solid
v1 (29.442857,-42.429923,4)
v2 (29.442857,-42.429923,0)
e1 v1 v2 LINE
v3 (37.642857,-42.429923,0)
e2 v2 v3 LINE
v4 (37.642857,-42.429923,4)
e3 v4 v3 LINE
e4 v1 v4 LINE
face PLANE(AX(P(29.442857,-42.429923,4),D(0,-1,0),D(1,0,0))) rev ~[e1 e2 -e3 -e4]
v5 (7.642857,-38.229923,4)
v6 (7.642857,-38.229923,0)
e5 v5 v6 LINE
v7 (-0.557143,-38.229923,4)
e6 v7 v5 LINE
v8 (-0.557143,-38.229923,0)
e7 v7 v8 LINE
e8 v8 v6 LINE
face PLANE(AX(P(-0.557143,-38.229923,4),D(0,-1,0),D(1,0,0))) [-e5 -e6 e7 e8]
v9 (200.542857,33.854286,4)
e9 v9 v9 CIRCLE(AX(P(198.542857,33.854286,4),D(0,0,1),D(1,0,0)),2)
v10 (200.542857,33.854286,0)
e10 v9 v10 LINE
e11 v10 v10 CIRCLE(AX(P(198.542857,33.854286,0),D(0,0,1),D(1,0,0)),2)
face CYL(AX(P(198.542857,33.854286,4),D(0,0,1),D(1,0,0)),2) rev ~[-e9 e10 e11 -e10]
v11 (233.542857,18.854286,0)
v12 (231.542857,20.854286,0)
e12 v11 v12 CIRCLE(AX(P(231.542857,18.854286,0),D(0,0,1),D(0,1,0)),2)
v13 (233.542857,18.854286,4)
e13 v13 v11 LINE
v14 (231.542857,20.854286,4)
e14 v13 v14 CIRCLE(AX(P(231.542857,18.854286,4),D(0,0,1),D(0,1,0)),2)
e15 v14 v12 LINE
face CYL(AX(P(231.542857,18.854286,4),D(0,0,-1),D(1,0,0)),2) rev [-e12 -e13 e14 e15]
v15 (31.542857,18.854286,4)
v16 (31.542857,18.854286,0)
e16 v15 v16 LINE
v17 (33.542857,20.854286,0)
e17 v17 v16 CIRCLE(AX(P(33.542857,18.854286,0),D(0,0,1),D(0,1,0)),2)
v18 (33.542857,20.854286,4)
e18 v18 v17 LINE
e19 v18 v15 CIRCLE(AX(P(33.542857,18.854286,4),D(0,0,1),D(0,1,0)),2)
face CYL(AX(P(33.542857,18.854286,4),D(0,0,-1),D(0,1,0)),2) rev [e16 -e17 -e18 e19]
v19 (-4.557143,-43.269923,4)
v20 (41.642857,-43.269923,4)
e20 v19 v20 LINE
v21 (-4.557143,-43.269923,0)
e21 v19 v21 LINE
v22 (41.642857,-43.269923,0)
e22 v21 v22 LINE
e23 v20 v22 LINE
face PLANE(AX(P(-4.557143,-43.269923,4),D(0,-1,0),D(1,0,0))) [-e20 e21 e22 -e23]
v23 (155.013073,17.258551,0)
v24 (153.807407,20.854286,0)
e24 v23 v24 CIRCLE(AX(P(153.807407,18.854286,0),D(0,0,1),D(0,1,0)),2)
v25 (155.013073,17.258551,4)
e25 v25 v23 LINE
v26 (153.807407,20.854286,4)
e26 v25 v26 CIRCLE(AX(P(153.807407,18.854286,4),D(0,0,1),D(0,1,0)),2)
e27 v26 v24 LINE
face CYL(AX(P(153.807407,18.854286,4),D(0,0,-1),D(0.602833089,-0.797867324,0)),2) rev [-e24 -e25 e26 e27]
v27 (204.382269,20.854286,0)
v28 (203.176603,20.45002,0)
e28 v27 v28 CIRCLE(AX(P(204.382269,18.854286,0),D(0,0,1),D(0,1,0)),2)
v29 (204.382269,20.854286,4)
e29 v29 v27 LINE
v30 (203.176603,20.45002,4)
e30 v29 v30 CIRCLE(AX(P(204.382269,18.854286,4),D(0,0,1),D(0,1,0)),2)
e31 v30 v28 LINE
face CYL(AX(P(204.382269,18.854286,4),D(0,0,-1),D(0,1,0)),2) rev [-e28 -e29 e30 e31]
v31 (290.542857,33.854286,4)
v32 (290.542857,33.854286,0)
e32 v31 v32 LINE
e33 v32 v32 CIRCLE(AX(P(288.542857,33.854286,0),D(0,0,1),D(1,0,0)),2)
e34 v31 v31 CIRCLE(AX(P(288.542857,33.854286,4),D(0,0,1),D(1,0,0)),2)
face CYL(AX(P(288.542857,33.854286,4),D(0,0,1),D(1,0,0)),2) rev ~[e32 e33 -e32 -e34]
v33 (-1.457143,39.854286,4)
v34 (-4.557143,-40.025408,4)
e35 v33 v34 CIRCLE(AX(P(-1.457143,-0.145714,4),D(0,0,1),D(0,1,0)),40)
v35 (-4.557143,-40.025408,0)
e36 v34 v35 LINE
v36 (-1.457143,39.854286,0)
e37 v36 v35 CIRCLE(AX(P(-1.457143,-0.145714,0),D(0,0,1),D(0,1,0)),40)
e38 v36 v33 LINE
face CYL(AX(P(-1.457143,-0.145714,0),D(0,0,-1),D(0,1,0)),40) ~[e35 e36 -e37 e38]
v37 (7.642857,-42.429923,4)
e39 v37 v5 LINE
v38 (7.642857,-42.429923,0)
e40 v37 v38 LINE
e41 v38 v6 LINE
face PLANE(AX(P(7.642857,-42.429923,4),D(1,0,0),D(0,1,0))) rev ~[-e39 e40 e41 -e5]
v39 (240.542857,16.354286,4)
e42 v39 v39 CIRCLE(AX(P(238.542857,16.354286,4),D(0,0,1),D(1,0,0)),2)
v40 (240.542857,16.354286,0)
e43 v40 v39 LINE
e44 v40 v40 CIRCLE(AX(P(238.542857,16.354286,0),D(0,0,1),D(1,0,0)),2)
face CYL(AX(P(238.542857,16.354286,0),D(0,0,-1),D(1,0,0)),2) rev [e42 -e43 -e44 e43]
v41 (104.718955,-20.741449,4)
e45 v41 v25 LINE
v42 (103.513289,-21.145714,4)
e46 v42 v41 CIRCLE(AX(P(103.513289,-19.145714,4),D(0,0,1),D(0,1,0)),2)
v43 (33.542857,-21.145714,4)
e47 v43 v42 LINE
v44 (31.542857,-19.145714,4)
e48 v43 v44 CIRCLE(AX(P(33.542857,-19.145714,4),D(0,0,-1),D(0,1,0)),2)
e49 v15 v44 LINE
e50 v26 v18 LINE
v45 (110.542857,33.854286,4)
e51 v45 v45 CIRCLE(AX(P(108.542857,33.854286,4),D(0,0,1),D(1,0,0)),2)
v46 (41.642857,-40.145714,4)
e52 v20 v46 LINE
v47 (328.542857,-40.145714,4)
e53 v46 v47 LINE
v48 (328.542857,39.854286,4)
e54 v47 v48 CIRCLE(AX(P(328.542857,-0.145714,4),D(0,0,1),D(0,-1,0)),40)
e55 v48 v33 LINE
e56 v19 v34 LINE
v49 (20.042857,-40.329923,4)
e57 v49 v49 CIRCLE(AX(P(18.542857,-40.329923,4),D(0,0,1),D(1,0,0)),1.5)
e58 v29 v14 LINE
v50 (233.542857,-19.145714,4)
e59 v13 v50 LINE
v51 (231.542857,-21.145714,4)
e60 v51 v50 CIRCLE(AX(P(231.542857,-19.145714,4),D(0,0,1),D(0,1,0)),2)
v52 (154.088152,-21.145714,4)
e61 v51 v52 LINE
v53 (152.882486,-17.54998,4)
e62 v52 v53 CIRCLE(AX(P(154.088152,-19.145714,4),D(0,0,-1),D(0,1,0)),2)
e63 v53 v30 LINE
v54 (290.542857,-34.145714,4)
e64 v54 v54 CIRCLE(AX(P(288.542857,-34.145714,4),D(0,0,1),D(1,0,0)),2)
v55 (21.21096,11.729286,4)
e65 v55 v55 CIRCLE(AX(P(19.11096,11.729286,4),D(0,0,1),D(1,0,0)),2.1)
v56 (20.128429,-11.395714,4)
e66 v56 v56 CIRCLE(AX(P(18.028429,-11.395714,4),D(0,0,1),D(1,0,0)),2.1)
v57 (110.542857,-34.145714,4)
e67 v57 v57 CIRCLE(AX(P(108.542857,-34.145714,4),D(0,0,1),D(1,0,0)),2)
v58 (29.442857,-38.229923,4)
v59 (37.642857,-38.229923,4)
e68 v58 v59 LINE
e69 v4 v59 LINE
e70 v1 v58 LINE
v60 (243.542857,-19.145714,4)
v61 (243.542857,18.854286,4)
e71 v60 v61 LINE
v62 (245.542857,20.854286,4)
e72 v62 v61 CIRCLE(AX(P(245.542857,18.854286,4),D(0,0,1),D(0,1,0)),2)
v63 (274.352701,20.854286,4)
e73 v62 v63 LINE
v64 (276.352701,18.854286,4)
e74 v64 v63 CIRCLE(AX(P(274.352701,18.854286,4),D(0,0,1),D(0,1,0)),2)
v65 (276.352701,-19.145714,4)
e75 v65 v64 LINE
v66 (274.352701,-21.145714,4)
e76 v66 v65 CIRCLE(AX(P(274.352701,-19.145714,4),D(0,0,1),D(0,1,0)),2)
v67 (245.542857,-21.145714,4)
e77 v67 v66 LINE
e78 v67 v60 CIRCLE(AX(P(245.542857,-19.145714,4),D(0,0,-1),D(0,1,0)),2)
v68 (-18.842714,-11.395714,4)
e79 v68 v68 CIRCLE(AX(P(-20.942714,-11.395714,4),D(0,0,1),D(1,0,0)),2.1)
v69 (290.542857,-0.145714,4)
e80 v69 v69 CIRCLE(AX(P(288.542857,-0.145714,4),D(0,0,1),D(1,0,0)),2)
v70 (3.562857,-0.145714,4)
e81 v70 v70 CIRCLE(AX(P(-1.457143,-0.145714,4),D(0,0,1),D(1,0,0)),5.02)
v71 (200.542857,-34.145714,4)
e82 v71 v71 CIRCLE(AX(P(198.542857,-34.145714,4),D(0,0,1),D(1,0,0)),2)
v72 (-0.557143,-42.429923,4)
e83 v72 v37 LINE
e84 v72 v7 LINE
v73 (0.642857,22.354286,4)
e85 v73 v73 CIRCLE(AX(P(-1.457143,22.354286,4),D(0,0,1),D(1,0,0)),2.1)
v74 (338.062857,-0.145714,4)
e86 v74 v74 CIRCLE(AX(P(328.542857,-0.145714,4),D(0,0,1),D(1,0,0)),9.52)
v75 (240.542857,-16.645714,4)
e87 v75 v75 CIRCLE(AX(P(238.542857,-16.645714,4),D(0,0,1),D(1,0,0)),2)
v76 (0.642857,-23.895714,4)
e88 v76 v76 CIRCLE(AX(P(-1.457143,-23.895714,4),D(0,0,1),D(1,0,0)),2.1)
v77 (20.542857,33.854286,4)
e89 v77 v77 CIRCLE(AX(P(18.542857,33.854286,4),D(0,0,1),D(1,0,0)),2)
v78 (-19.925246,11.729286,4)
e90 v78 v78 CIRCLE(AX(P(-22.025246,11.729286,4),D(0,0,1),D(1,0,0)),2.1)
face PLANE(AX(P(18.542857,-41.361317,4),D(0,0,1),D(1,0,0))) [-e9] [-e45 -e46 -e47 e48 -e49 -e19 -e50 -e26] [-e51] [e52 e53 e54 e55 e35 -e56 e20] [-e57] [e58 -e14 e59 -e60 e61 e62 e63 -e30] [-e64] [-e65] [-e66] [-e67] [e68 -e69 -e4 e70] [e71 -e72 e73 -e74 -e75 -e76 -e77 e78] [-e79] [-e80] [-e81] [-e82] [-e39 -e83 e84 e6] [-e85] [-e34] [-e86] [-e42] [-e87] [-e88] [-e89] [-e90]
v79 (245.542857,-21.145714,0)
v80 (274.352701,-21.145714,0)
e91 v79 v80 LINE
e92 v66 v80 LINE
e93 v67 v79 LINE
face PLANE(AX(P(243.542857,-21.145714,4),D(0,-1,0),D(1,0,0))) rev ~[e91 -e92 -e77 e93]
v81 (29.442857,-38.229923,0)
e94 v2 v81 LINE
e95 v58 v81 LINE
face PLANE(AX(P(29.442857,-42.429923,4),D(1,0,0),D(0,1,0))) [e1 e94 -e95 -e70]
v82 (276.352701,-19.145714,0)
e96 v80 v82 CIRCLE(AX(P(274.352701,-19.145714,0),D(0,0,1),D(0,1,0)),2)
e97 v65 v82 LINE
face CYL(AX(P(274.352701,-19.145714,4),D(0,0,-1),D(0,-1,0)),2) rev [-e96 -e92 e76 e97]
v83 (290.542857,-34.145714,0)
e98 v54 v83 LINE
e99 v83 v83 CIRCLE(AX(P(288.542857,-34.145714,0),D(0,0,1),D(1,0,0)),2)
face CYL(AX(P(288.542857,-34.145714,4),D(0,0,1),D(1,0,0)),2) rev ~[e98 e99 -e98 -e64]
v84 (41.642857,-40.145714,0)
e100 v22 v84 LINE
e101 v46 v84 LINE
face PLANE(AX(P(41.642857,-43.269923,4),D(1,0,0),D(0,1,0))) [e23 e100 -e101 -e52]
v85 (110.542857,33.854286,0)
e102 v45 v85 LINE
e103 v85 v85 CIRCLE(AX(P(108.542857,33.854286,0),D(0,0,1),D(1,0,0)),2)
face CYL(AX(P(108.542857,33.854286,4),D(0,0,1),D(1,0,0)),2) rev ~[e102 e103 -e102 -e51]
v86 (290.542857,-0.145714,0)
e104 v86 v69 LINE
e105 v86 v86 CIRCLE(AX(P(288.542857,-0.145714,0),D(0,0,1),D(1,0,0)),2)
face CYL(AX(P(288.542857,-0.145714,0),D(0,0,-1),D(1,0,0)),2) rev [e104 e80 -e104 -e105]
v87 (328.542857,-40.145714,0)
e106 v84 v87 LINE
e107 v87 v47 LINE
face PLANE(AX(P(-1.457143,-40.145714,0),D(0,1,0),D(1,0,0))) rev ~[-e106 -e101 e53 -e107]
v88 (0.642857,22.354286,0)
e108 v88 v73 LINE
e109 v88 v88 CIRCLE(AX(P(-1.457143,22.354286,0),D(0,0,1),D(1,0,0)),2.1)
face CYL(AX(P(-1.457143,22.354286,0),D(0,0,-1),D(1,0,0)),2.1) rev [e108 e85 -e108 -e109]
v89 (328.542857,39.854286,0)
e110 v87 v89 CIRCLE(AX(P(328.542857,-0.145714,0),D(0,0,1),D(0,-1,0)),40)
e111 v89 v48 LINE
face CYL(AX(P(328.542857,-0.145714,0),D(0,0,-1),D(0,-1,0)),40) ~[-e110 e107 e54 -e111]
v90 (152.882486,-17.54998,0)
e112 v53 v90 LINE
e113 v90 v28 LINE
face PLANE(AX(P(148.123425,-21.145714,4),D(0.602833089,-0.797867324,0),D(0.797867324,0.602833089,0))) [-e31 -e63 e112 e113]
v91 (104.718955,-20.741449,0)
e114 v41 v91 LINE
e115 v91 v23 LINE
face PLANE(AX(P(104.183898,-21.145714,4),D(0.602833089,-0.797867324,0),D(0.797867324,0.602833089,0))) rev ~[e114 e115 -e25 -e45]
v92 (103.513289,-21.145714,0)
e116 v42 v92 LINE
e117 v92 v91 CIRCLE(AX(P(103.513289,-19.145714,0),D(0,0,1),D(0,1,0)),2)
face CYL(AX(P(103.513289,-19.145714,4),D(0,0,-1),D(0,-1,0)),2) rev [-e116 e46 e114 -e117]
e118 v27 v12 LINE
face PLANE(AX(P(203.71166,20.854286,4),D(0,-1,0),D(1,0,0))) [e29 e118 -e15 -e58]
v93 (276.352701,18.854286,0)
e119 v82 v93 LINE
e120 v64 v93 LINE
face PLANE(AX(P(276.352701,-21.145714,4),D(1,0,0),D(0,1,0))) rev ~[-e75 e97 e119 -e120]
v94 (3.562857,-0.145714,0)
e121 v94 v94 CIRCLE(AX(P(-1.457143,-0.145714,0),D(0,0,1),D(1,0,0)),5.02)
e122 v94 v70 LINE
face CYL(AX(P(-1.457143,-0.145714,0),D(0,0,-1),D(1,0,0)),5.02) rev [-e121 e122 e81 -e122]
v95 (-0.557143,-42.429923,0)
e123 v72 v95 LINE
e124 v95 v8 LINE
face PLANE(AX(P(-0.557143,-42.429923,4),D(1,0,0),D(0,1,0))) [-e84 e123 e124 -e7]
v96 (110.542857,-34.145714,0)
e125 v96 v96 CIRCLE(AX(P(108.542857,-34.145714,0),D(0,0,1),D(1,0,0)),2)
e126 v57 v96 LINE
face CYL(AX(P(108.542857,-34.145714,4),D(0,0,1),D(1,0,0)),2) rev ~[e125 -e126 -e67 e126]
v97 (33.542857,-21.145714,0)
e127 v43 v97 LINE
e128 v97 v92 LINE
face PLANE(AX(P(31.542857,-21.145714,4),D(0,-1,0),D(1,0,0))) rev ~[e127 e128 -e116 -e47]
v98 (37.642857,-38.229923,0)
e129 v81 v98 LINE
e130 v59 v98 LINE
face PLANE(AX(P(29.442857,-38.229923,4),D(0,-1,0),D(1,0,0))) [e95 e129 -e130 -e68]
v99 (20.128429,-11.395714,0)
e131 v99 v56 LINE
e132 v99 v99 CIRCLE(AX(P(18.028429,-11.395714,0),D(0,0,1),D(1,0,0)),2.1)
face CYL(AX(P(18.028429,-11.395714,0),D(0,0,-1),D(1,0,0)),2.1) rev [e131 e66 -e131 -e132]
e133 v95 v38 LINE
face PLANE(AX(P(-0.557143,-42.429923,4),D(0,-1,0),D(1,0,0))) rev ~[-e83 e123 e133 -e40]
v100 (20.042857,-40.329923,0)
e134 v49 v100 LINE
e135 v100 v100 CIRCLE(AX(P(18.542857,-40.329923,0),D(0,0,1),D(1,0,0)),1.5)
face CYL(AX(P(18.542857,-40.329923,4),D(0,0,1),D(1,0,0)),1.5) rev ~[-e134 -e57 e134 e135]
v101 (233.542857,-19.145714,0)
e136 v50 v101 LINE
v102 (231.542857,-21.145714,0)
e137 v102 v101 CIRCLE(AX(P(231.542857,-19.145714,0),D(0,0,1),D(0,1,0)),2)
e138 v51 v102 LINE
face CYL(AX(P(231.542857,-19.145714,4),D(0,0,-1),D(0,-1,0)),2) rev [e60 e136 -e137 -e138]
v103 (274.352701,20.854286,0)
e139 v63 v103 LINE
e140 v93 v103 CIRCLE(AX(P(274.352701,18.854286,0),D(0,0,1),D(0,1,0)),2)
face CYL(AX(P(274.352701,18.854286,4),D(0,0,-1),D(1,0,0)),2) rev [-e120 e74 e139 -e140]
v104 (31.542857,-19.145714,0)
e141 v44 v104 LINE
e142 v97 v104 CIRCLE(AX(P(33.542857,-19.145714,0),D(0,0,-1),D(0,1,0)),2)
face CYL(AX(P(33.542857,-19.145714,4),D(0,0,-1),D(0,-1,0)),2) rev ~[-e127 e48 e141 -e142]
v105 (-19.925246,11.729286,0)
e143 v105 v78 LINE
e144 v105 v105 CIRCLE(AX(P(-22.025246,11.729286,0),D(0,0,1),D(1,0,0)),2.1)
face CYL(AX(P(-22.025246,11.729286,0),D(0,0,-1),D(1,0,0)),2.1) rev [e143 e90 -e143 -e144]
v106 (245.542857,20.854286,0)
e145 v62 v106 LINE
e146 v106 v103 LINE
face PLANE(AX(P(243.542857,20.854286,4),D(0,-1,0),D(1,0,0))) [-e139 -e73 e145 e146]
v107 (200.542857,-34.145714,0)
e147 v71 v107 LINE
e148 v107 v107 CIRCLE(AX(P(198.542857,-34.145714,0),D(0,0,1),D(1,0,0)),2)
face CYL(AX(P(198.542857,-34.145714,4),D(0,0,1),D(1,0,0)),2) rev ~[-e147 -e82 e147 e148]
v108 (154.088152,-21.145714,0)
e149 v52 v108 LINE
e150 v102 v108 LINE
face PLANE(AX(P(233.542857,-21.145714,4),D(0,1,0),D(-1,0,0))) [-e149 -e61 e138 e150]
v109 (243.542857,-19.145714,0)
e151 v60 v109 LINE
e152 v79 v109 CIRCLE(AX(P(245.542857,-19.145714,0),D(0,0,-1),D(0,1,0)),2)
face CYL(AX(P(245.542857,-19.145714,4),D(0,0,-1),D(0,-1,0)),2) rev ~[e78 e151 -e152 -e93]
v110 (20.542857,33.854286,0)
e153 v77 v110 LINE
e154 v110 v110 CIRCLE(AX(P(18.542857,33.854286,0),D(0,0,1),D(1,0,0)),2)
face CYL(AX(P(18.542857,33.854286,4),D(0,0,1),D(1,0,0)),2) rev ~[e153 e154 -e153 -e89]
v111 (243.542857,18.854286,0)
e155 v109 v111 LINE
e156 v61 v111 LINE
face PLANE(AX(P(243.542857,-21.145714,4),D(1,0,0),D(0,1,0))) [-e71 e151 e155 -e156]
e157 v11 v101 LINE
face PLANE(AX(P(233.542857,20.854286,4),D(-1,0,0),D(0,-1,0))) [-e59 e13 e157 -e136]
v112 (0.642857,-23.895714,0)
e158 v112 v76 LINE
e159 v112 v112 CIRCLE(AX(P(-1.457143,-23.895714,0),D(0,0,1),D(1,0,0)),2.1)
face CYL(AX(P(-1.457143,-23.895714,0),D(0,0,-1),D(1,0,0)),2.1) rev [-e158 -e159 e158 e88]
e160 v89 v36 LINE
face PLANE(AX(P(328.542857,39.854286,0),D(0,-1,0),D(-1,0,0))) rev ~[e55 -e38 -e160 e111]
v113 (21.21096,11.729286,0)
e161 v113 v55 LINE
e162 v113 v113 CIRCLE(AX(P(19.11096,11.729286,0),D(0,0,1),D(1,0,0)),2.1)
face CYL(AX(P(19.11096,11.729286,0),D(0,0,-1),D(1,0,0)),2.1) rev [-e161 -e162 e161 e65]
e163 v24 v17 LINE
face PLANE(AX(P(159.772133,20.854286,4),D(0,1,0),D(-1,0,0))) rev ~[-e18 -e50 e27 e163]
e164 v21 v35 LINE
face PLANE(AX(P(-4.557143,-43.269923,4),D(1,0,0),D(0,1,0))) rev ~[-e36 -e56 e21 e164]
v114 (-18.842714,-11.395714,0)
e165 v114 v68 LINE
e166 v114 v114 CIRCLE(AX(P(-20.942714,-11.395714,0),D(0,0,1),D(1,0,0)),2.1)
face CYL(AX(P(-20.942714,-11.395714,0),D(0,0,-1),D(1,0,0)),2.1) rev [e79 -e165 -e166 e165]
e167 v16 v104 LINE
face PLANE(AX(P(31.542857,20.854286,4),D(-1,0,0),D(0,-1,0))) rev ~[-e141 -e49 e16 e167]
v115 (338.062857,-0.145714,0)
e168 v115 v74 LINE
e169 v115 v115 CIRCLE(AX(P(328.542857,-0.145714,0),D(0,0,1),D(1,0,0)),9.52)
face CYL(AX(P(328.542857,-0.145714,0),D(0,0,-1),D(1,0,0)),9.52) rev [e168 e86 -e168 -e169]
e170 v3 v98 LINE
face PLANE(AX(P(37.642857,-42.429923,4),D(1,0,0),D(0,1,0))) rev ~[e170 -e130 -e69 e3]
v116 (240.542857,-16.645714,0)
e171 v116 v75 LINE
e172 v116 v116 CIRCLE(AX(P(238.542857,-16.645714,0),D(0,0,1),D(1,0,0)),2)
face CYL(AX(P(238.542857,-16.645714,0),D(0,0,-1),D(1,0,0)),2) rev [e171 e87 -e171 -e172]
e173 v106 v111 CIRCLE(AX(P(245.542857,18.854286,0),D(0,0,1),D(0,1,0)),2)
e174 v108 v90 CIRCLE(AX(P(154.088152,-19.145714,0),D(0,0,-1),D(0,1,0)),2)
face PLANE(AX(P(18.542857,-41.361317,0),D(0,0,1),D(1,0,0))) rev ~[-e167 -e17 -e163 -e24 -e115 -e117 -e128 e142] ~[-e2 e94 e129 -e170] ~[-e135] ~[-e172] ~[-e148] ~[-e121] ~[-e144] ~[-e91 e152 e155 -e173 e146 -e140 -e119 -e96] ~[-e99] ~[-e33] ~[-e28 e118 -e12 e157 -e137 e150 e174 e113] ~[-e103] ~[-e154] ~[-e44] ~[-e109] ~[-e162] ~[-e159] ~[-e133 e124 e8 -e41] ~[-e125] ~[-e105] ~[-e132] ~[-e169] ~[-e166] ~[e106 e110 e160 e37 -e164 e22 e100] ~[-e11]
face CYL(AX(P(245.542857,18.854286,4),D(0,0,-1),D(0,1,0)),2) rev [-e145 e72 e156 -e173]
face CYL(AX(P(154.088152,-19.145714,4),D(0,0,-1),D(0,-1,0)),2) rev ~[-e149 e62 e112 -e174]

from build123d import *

# Parameters (mm, degrees)
SKETCH_1_R          = 2.1
SKETCH_1_R_2        = 5.02
SKETCH_1_R_3        = 2
SKETCH_1_R_4        = 9.52
EXTRUDE_1_DEPTH     = 4
SKETCH_3_W          = 46.2
SKETCH_3_H          = 3.817212264
EXTRUDE_2_DEPTH     = 4
SKETCH_2_R          = 2
SKETCH_2_R_2        = 1.5
SKETCH_2_W          = 32.809844138
SKETCH_2_H          = 42
SKETCH_2_W_2        = 8.2
SKETCH_2_H_2        = 4.2
CUT_EXTRUDE_1_DEPTH = 4
FILLET_1_R          = 2


with BuildPart() as part:
    # 草图1 → 凸台-拉伸1 (new body)
    with BuildSketch(Plane.XY):
        with BuildLine():
            ThreePointArc((-1.457142857, 39.854285714), (-41.457142857, -0.145714286), (-1.457142857, -40.145714286))
            Line((-1.457142857, -40.145714286), (328.542857143, -40.145714286))
            ThreePointArc((328.542857143, -40.145714286), (368.542857143, -0.145714286), (328.542857143, 39.854285714))
            Line((328.542857143, 39.854285714), (-1.457142857, 39.854285714))
        make_face()
        with Locations((-1.457142857, -23.895714286)):
            Circle(SKETCH_1_R, mode=Mode.SUBTRACT)
        with Locations((-20.942714442, -11.395714286)):
            Circle(SKETCH_1_R, mode=Mode.SUBTRACT)
        with Locations((18.028428728, -11.395714286)):
            Circle(SKETCH_1_R, mode=Mode.SUBTRACT)
        with Locations((-1.457142857, -0.145714286)):
            Circle(SKETCH_1_R_2, mode=Mode.SUBTRACT)
        with Locations((238.542857143, -16.645714286)):
            Circle(SKETCH_1_R_3, mode=Mode.SUBTRACT)
        with Locations((288.542857143, -0.145714286)):
            Circle(SKETCH_1_R_3, mode=Mode.SUBTRACT)
        with Locations((328.542857143, -0.145714286)):
            Circle(SKETCH_1_R_4, mode=Mode.SUBTRACT)
        with Locations((-22.025246197, 11.729285714)):
            Circle(SKETCH_1_R, mode=Mode.SUBTRACT)
        with Locations((19.110960483, 11.729285714)):
            Circle(SKETCH_1_R, mode=Mode.SUBTRACT)
        with Locations((-1.457142857, 22.354285714)):
            Circle(SKETCH_1_R, mode=Mode.SUBTRACT)
        with Locations((238.542857143, 16.354285714)):
            Circle(SKETCH_1_R_3, mode=Mode.SUBTRACT)
    extrude(amount=EXTRUDE_1_DEPTH)

    # 草图3 → 凸台-拉伸2 (add)
    with BuildSketch(Plane.XY.offset(4)):
        with Locations((18.542857143, -41.36131722)):
            Rectangle(SKETCH_3_W, SKETCH_3_H)
    extrude(amount=-EXTRUDE_2_DEPTH)

    # 草图2 → 切除-拉伸1 (cut)
    with BuildSketch(Plane.XY.offset(4)):
        with Locations((18.542857143, 33.854285714)):
            Circle(SKETCH_2_R)
        with Locations((108.542857143, 33.854285714)):
            Circle(SKETCH_2_R)
        with Locations((198.542857143, 33.854285714)):
            Circle(SKETCH_2_R)
        with Locations((288.542857143, 33.854285714)):
            Circle(SKETCH_2_R)
        with Locations((108.542857143, -34.145714286)):
            Circle(SKETCH_2_R)
        with Locations((198.542857143, -34.145714286)):
            Circle(SKETCH_2_R)
        with Locations((288.542857143, -34.145714286)):
            Circle(SKETCH_2_R)
        with Locations((18.542857143, -40.329923352)):
            Circle(SKETCH_2_R_2)
        Polygon((31.542857143, -21.145714286), (104.183898028, -21.145714286), (159.772133322, 20.854285714), (31.542857143, 20.854285714), align=None)
        Polygon((148.123425102, -21.145714286), (203.711660396, 20.854285714), (233.542857143, 20.854285714), (233.542857143, -21.145714286), align=None)
        with Locations((259.947779212, -0.145714286)):
            Rectangle(SKETCH_2_W, SKETCH_2_H)
        with Locations((33.542857143, -40.329923352)):
            Rectangle(SKETCH_2_W_2, SKETCH_2_H_2)
        with Locations((3.542857143, -40.329923352)):
            Rectangle(SKETCH_2_W_2, SKETCH_2_H_2)
    extrude(amount=-CUT_EXTRUDE_1_DEPTH, mode=Mode.SUBTRACT)

    # 圆角1
    fillet_1_edges = [part.edges().sort_by_distance(p)[0] for p in [
        (243.542857143, 20.854285714, 2),
        (276.352701281, 20.854285714, 2),
        (276.352701281, -21.145714286, 2),
        (243.542857143, -21.145714286, 2),
        (31.542857143, -21.145714286, 2),
        (31.542857143, 20.854285714, 2),
        (159.772133322, 20.854285714, 2),
        (104.183898028, -21.145714286, 2),
        (203.711660396, 20.854285714, 2),
        (233.542857143, 20.854285714, 2),
        (233.542857143, -21.145714286, 2),
        (148.123425102, -21.145714286, 2),
    ]]
    fillet(fillet_1_edges, radius=FILLET_1_R)


solid = part.part
